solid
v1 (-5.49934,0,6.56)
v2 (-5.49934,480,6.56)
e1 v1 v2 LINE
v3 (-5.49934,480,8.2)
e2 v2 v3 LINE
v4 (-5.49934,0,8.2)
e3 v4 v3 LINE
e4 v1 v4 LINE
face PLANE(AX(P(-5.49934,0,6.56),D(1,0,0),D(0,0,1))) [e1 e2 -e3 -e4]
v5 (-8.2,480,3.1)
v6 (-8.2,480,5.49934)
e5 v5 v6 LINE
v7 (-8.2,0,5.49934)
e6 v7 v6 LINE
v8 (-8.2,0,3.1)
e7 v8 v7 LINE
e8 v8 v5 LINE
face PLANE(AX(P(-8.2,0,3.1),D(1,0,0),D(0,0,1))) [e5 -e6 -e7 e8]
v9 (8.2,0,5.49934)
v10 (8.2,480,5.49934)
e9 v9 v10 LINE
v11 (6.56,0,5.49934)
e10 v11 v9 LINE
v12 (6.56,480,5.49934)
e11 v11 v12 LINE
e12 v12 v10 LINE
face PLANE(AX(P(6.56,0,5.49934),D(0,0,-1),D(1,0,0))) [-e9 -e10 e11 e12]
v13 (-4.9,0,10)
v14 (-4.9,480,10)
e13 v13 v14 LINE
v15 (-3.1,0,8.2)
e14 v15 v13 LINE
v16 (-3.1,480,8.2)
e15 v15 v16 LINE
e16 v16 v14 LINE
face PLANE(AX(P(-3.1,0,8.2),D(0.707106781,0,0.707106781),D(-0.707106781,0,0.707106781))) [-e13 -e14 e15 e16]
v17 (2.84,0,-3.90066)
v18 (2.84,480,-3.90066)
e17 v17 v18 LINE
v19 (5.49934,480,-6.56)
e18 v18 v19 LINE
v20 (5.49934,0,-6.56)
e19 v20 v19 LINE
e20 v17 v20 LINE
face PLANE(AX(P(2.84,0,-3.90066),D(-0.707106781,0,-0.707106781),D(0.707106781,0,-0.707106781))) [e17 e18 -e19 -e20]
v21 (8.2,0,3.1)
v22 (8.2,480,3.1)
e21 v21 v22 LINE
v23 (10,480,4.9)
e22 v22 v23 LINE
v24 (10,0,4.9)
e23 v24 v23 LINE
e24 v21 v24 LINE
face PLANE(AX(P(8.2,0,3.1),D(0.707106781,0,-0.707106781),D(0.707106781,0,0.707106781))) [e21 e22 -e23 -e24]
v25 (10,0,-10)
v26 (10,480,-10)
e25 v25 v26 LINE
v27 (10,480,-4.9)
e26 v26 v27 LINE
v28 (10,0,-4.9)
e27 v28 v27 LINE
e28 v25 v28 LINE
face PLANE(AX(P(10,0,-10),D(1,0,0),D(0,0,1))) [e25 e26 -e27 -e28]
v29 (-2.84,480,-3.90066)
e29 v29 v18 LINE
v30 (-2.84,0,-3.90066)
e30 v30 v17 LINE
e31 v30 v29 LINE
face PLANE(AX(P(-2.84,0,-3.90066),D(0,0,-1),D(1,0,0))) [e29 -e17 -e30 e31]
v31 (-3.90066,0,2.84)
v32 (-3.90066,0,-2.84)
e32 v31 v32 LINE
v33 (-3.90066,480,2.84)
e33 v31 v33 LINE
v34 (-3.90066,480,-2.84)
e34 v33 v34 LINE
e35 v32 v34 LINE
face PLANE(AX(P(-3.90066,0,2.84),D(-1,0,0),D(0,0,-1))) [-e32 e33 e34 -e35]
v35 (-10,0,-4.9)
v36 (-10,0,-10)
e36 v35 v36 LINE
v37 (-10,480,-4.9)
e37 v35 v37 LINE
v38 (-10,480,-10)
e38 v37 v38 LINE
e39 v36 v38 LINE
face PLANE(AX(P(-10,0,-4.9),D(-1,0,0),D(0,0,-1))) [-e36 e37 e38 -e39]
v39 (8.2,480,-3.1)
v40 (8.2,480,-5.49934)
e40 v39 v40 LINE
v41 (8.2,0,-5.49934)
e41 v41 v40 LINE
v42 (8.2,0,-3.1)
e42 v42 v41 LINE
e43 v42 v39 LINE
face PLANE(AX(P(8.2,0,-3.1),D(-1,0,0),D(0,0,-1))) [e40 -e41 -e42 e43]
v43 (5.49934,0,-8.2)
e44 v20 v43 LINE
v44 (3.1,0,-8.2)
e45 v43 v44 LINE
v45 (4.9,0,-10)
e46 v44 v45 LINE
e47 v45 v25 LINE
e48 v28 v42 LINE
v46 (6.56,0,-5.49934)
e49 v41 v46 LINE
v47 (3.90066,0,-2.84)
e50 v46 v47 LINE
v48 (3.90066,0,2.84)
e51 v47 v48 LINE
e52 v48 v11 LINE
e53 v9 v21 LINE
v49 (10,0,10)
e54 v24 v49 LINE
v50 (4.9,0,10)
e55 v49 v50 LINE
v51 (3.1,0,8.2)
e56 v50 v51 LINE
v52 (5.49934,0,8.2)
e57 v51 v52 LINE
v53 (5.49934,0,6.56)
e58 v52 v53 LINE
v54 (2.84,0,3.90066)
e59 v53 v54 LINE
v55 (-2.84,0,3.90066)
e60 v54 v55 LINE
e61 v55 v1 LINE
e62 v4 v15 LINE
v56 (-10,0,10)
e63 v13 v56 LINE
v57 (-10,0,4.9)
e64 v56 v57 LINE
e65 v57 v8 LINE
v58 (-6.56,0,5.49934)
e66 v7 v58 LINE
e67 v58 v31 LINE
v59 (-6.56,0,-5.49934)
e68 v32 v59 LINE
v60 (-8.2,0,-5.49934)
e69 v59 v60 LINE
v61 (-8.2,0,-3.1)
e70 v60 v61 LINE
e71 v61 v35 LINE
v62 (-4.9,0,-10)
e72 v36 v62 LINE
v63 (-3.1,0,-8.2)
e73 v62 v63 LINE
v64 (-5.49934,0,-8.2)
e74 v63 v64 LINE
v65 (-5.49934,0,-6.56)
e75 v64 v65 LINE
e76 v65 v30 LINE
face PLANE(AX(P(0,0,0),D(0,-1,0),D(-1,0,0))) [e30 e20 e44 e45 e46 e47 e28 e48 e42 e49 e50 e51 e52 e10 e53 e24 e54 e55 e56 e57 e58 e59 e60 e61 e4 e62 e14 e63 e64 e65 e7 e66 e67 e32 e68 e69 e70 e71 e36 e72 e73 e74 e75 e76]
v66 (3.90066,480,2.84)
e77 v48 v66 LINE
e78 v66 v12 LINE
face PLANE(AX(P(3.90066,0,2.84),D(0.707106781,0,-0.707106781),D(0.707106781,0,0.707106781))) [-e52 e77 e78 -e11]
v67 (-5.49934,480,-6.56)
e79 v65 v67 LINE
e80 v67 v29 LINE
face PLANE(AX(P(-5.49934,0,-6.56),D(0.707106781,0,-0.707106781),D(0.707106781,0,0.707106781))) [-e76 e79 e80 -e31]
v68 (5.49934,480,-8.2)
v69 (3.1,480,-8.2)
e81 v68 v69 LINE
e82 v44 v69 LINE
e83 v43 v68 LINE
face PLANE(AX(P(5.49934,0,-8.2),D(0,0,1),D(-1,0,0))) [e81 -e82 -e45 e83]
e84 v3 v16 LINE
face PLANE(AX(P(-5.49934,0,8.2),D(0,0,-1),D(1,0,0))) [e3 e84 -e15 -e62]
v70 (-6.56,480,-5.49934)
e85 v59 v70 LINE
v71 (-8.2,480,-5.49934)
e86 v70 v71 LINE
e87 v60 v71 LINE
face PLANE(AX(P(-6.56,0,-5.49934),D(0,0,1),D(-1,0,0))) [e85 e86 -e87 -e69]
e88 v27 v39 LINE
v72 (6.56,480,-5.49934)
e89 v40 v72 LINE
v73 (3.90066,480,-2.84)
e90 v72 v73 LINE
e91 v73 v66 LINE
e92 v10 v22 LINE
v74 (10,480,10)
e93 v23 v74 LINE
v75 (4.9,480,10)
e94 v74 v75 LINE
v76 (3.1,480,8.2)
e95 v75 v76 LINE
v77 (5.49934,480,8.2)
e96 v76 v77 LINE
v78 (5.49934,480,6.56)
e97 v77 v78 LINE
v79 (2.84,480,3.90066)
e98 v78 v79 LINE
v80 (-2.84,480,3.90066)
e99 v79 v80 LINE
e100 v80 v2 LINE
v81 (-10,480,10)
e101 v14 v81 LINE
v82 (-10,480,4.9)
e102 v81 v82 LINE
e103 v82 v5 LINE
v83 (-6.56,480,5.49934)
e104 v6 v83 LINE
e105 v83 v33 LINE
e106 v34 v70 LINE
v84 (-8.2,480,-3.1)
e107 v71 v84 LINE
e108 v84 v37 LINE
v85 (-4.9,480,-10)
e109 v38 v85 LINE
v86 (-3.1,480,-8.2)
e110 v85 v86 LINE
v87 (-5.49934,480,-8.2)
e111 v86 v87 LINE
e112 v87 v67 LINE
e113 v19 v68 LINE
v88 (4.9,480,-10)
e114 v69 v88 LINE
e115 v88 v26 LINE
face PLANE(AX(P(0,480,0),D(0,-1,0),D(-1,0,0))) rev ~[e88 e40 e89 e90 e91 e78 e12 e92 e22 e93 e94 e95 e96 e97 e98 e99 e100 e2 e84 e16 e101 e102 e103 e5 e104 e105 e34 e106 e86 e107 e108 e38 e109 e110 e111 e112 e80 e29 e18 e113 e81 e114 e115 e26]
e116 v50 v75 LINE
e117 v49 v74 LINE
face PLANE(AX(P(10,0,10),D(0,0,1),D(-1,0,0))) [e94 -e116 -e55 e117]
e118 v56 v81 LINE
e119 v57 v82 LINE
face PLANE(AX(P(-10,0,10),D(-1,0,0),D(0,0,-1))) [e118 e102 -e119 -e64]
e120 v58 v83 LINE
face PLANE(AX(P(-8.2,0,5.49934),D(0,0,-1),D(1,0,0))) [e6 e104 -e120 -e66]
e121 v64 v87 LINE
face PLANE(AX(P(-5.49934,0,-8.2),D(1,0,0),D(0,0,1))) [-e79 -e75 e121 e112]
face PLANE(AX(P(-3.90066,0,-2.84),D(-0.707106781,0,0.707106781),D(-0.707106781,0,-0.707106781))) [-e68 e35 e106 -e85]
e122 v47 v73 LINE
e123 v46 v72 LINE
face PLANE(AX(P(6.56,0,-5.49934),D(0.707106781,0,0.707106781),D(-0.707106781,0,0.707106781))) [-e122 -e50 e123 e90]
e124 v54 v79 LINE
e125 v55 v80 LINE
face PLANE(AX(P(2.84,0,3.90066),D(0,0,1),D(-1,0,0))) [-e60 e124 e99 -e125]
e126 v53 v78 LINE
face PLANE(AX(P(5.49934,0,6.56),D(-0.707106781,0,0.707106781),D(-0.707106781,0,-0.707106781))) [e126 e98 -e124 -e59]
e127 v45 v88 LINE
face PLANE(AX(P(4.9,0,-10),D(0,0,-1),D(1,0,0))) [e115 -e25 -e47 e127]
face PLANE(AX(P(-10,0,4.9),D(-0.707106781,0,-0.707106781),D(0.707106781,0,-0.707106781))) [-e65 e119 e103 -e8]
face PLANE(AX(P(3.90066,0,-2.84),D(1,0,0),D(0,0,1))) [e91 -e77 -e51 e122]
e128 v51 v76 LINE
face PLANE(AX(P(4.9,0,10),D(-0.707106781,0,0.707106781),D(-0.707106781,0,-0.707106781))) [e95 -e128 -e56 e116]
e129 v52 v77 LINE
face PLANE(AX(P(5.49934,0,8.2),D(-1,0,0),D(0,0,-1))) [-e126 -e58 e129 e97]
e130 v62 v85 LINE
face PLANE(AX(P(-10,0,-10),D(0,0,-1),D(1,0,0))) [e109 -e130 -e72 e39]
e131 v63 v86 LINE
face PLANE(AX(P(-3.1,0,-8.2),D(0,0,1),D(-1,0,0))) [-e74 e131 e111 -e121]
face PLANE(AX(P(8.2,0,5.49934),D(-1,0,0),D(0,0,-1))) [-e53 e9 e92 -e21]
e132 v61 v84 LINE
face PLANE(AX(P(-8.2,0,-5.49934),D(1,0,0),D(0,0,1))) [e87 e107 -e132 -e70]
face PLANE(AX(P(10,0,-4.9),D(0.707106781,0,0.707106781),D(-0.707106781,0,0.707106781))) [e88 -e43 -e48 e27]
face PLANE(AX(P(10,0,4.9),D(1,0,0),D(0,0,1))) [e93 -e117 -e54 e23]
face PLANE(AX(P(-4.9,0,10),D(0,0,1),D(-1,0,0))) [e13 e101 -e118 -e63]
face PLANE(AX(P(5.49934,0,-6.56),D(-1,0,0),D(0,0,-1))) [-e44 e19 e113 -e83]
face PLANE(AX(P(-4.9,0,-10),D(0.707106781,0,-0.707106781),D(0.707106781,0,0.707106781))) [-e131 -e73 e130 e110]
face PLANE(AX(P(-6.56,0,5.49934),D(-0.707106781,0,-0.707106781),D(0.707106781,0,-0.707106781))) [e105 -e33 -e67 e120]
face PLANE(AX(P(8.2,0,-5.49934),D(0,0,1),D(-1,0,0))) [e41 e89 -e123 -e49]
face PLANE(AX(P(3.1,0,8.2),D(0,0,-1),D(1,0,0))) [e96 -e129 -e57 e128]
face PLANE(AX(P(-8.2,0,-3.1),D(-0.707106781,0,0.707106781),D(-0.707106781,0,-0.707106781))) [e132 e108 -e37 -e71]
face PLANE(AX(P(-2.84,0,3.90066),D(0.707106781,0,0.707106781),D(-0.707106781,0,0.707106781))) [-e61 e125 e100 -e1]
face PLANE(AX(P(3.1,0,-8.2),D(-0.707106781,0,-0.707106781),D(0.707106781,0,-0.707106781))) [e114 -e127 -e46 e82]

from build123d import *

# Parameters (mm, degrees)
BOSS_EXTRUDE1_DEPTH = 480


with BuildPart() as part:
    # Sketch1 → Boss-Extrude1 (new body)
    with BuildSketch(Plane(origin=(0, 0, 0), x_dir=(1, 0, 0), z_dir=(0, 1, 0))):
        Polygon((2.84, -3.900660172), (-2.84, -3.900660172), (-5.499339828, -6.56), (-5.499339828, -8.2), (-3.1, -8.2), (-4.9, -10), (-10, -10), (-10, -4.9), (-8.2, -3.1), (-8.2, -5.499339828), (-6.56, -5.499339828), (-3.900660172, -2.84), (-3.900660172, 2.84), (-6.56, 5.499339828), (-8.2, 5.499339828), (-8.2, 3.1), (-10, 4.9), (-10, 10), (-4.9, 10), (-3.1, 8.2), (-5.499339828, 8.2), (-5.499339828, 6.56), (-2.84, 3.900660172), (2.84, 3.900660172), (5.499339828, 6.56), (5.499339828, 8.2), (3.1, 8.2), (4.9, 10), (10, 10), (10, 4.9), (8.2, 3.1), (8.2, 5.499339828), (6.56, 5.499339828), (3.900660172, 2.84), (3.900660172, -2.84), (6.56, -5.499339828), (8.2, -5.499339828), (8.2, -3.1), (10, -4.9), (10, -10), (4.9, -10), (3.1, -8.2), (5.499339828, -8.2), (5.499339828, -6.56), align=None)
    extrude(amount=BOSS_EXTRUDE1_DEPTH)


solid = part.part
